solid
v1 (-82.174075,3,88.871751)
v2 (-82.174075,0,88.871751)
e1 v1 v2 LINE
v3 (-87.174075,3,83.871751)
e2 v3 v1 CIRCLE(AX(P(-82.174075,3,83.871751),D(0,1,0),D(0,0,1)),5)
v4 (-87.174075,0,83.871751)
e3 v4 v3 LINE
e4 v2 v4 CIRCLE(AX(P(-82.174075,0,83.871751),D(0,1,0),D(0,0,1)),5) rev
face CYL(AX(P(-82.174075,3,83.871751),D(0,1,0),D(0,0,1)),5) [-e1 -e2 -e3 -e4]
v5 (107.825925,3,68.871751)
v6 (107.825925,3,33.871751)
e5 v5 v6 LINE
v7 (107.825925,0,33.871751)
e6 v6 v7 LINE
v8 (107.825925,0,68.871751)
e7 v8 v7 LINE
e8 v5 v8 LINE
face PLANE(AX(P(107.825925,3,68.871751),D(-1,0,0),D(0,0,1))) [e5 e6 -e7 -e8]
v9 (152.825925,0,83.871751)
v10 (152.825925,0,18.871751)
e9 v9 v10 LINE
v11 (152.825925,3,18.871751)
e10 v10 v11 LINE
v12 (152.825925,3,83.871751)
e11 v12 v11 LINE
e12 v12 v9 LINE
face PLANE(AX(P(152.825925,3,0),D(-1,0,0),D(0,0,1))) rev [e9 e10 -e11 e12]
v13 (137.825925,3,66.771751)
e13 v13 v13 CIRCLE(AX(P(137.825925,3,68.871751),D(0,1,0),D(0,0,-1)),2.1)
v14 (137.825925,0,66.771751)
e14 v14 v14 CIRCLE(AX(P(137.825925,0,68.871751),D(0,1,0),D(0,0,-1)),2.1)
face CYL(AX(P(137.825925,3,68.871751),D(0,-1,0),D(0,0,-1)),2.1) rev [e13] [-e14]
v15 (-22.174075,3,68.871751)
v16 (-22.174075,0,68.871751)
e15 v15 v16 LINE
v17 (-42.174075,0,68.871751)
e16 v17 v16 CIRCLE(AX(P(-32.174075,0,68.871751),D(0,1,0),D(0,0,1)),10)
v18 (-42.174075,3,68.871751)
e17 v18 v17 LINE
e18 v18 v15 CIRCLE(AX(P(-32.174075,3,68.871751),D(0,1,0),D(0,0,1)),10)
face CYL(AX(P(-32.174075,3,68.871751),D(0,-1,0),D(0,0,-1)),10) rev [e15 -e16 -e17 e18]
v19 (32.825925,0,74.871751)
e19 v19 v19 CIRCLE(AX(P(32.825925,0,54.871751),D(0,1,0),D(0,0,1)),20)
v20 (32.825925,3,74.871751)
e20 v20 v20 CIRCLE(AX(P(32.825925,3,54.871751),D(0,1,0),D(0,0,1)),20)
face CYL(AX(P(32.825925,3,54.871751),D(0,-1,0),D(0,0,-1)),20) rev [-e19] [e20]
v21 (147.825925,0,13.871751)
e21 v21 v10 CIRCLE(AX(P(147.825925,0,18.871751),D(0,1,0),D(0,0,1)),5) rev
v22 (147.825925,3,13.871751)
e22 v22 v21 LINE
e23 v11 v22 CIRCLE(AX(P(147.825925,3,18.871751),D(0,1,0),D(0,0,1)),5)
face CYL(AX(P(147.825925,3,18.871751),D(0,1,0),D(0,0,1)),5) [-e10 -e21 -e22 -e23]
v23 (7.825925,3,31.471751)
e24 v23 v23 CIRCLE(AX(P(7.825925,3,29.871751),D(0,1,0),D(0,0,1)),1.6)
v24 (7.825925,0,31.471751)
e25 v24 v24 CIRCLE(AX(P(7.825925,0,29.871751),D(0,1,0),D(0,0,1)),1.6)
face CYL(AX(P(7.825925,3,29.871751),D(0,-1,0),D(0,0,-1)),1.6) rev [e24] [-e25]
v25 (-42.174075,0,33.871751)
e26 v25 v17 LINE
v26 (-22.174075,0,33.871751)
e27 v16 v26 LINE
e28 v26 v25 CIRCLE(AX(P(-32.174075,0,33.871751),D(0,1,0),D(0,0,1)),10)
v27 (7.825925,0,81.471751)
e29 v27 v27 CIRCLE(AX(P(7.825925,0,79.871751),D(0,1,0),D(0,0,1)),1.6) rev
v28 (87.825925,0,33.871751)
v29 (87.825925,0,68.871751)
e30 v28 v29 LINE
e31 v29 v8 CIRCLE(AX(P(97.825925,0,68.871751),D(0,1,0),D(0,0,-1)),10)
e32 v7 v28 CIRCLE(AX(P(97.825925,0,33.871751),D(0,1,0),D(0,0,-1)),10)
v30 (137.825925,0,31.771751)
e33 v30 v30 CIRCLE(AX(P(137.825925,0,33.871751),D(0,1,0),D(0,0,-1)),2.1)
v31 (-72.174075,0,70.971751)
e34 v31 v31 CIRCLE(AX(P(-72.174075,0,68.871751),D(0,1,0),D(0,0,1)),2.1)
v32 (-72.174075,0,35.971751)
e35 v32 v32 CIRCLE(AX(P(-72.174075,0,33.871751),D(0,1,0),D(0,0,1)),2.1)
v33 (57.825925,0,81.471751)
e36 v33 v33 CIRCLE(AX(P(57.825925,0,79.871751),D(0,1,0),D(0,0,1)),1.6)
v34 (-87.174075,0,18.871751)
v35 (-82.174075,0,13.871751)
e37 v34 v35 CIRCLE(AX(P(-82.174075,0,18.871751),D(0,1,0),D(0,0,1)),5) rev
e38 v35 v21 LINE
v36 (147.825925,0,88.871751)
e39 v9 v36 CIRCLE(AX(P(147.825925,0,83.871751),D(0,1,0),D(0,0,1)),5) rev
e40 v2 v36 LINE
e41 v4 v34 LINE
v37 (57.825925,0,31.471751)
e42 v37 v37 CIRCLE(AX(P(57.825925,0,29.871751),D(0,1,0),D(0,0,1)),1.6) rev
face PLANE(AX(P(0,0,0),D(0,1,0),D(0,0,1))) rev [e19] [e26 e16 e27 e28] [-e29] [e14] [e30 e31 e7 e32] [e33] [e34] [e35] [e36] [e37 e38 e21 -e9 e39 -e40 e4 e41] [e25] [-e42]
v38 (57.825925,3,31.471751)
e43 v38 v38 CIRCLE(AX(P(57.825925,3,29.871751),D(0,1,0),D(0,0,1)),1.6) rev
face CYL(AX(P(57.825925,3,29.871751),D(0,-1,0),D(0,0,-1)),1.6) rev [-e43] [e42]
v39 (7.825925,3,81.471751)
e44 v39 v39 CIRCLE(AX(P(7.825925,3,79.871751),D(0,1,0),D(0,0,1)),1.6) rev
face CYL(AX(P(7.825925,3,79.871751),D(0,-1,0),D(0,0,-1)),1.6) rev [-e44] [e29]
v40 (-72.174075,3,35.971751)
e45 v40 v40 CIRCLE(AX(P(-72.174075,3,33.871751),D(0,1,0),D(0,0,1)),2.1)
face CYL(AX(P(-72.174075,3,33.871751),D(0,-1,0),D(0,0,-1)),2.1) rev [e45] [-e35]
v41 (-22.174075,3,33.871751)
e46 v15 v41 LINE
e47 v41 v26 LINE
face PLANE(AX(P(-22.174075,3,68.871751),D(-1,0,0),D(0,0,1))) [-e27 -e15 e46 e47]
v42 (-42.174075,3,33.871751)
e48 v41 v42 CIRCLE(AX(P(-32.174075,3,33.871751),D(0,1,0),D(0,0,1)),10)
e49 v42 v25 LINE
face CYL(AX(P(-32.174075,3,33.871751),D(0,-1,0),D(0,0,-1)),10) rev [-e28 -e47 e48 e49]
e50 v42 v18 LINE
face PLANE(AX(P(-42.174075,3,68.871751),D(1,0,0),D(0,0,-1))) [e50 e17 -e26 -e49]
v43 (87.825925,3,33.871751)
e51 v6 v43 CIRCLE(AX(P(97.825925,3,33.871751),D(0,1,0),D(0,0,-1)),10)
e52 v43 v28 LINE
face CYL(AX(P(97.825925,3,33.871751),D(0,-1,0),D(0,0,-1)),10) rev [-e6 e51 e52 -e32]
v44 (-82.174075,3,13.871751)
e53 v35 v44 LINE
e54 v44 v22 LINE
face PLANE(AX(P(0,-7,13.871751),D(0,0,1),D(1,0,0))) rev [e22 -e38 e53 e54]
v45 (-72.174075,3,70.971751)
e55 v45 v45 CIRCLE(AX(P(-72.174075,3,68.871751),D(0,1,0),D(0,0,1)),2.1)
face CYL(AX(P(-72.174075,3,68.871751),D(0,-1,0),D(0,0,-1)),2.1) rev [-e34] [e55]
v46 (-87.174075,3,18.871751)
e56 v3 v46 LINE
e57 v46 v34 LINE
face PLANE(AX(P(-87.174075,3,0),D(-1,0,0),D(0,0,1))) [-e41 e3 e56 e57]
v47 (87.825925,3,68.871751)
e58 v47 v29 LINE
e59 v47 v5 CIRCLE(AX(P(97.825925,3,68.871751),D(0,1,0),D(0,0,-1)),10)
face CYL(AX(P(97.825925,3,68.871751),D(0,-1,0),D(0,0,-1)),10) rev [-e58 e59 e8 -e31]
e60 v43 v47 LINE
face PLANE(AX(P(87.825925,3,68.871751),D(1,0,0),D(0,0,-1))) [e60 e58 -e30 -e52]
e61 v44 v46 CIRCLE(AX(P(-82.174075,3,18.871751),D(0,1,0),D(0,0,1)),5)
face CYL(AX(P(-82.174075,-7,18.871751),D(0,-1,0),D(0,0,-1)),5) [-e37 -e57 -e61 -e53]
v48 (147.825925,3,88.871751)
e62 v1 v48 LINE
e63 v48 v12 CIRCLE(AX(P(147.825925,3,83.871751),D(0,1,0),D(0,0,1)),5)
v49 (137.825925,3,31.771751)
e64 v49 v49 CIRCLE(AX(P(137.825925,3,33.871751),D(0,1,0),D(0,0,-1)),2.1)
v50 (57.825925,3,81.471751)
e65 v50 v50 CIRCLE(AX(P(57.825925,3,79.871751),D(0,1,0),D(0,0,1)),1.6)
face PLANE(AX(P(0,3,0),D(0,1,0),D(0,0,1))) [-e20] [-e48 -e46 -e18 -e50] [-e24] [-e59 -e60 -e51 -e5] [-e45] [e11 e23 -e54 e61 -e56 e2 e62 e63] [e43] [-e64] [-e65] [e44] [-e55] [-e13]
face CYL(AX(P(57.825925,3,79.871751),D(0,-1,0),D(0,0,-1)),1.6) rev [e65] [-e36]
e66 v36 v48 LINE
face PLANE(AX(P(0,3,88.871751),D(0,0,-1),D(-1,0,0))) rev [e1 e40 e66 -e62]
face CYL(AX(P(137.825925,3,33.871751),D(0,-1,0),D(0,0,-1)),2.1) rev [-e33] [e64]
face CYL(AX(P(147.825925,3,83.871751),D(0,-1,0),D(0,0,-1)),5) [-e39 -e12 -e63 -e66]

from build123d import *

# Parameters (mm, degrees)
SKETCH_1_W          = 400
SKETCH_1_H          = 60
SKETCH_1_R          = 1.6
SKETCH_1_W_2        = 21
SKETCH_1_H_2        = 21
SKETCH_1_W_3        = 240
SKETCH_1_H_3        = 75
SKETCH_1_R_2        = 20
EXTRUDE_1484_DEPTH  = 3
SKETCH_2_R          = 2.05
SKETCH_2_R_2        = 2.1
CUT_EXTRUDE_1_DEPTH = 250.229009796
FILLET_1_R          = 5
SKETCH1_R           = 2.1
CUT_EXTRUDE4_DEPTH  = 250.229009796
CUT_EXTRUDE_2_DEPTH = 10
FILLET_2_R          = 5


with BuildPart() as part:
    # 草图1 → Extrude 1484 (new body)
    # profile 1 of 2: a face of its own
    with BuildSketch(Plane(origin=(0, 0, 0), x_dir=(1, 0, 0), z_dir=(0, 1, 0))):
        with Locations((32.825924772, 16.128249268)):
            Rectangle(SKETCH_1_W, SKETCH_1_H)
        with Locations(Location((-14.674075228, 36.128249268, 0), (0, 0, 270))):
            Circle(SKETCH_1_R, mode=Mode.SUBTRACT)
        with Locations(Location((-14.674075228, 11.128249268, 0), (0, 0, 270))):
            Circle(SKETCH_1_R, mode=Mode.SUBTRACT)
        with Locations(Location((80.325924772, 11.128249268, 0), (0, 0, 270))):
            Circle(SKETCH_1_R, mode=Mode.SUBTRACT)
        with Locations(Location((80.325924772, 36.128249268, 0), (0, 0, 270))):
            Circle(SKETCH_1_R, mode=Mode.SUBTRACT)
        with Locations((32.825924772, 10.628249268)):
            Rectangle(SKETCH_1_W_2, SKETCH_1_H_2, mode=Mode.SUBTRACT)
    # profile 2 of 2: a face of its own
    with BuildSketch(Plane(origin=(0, 0, 0), x_dir=(1, 0, 0), z_dir=(0, 1, 0))):
        with Locations((32.825924772, -51.371750732)):
            Rectangle(SKETCH_1_W_3, SKETCH_1_H_3)
        with Locations(Location((7.825924772, -29.871750732, 0), (0, 0, 270))):
            Circle(SKETCH_1_R, mode=Mode.SUBTRACT)
        with Locations(Location((7.825924772, -79.871750732, 0), (0, 0, 270))):
            Circle(SKETCH_1_R, mode=Mode.SUBTRACT)
        with Locations(Location((57.825924772, -79.871750732, 0), (0, 0, 270))):
            Circle(SKETCH_1_R, mode=Mode.SUBTRACT)
        with Locations(Location((57.825924772, -29.871750732, 0), (0, 0, 270))):
            Circle(SKETCH_1_R, mode=Mode.SUBTRACT)
        with Locations(Location((32.825924772, -54.871750732, 0), (0, 0, 270))):
            Circle(SKETCH_1_R_2, mode=Mode.SUBTRACT)
    extrude(amount=EXTRUDE_1484_DEPTH)

    # 草图2 → 切除-拉伸1 (cut, through all)
    with BuildSketch(Plane(origin=(0, 3, 0), x_dir=(1, 0, 0), z_dir=(0, 1, 0))):
        with Locations(Location((-149.174075228, 29.628249268, 0), (0, 0, 270))):
            Circle(SKETCH_2_R)
        with Locations(Location((-149.174075228, 2.628249268, 0), (0, 0, 270))):
            Circle(SKETCH_2_R)
        with Locations(Location((-121.674075228, 29.628249268, 0), (0, 0, 270))):
            Circle(SKETCH_2_R)
        with Locations(Location((-121.674075228, 2.628249268, 0), (0, 0, 90))):
            Circle(SKETCH_2_R)
        with Locations(Location((-51.674075228, 41.128249268, 0), (0, 0, 270))):
            Circle(SKETCH_2_R_2)
        with Locations(Location((-86.674075228, 41.128249268, 0), (0, 0, 270))):
            Circle(SKETCH_2_R_2)
        with Locations(Location((-51.674075228, -8.871750732, 0), (0, 0, 90))):
            Circle(SKETCH_2_R_2)
        with Locations(Location((-86.674075228, -8.871750732, 0), (0, 0, 90))):
            Circle(SKETCH_2_R_2)
        with Locations(Location((-135.424075228, 41.128249268, 0), (0, 0, 270))):
            Circle(SKETCH_2_R_2)
        with Locations(Location((-135.424075228, -8.871750732, 0), (0, 0, 90))):
            Circle(SKETCH_2_R_2)
        with Locations(Location((201.075924772, -8.871750732, 0), (0, 0, 270))):
            Circle(SKETCH_2_R_2)
        with Locations(Location((201.075924772, 41.128249268, 0), (0, 0, 90))):
            Circle(SKETCH_2_R_2)
        with Locations(Location((152.325924772, -8.871750732, 0), (0, 0, 270))):
            Circle(SKETCH_2_R_2)
        with Locations(Location((117.325924772, -8.871750732, 0), (0, 0, 270))):
            Circle(SKETCH_2_R_2)
        with Locations(Location((152.325924772, 41.128249268, 0), (0, 0, 90))):
            Circle(SKETCH_2_R_2)
        with Locations(Location((117.325924772, 41.128249268, 0), (0, 0, 90))):
            Circle(SKETCH_2_R_2)
        with Locations(Location((187.325924772, 2.628249268, 0), (0, 0, 270))):
            Circle(SKETCH_2_R)
        with Locations(Location((187.325924772, 29.628249268, 0), (0, 0, 90))):
            Circle(SKETCH_2_R)
        with Locations(Location((214.825924772, 2.628249268, 0), (0, 0, 90))):
            Circle(SKETCH_2_R)
        with Locations(Location((214.825924772, 29.628249268, 0), (0, 0, 90))):
            Circle(SKETCH_2_R)
    extrude(amount=-CUT_EXTRUDE_1_DEPTH, mode=Mode.SUBTRACT)

    # 圆角1
    fillet_1_edges = [part.edges().sort_by_distance(p)[0] for p in [
        (-167.174075228, 1.5, 13.871750732),
        (-167.174075228, 1.5, -46.128249268),
        (232.825924772, 1.5, -46.128249268),
        (232.825924772, 1.5, 13.871750732),
        (152.825924772, 1.5, 13.871750732),
        (152.825924772, 1.5, 88.871750732),
        (-87.174075228, 1.5, 88.871750732),
        (-87.174075228, 1.5, 13.871750732),
    ]]
    fillet(fillet_1_edges, radius=FILLET_1_R)

    # Sketch1 → Cut-Extrude4 (cut, through all)
    with BuildSketch(Plane(origin=(0, 0, 0), x_dir=(1, 0, 0), z_dir=(0, 1, 0))):
        with Locations(Location((-72.174075228, -33.871750732, 0), (0, 0, 270))):
            Circle(SKETCH1_R)
        with Locations(Location((-72.174075228, -68.871750732, 0), (0, 0, 270))):
            Circle(SKETCH1_R)
        with Locations(Location((137.825924772, -68.871750732, 0), (0, 0, 90))):
            Circle(SKETCH1_R)
        with Locations(Location((137.825924772, -33.871750732, 0), (0, 0, 90))):
            Circle(SKETCH1_R)
        with BuildLine():
            Line((-42.174075228, -68.871750732), (-42.174075228, -33.871750732))
            ThreePointArc((-42.174075228, -33.871750732), (-32.174075228, -23.871750732), (-22.174075228, -33.871750732))
            Line((-22.174075228, -33.871750732), (-22.174075228, -68.871750732))
            ThreePointArc((-22.174075228, -68.871750732), (-32.174075228, -78.871750732), (-42.174075228, -68.871750732))
        make_face()
        with BuildLine():
            Line((107.825924772, -68.871750732), (107.825924772, -33.871750732))
            ThreePointArc((107.825924772, -33.871750732), (97.825924772, -23.871750732), (87.825924772, -33.871750732))
            Line((87.825924772, -33.871750732), (87.825924772, -68.871750732))
            ThreePointArc((87.825924772, -68.871750732), (97.825924772, -78.871750732), (107.825924772, -68.871750732))
        make_face()
    extrude(amount=CUT_EXTRUDE4_DEPTH, mode=Mode.SUBTRACT)

    # 草图3 → 切除-拉伸2 (cut)
    with BuildSketch(Plane(origin=(0, 3, 0), x_dir=(1, 0, 0), z_dir=(0, 1, 0))):
        with BuildLine():
            Line((227.825924772, 46.128249268), (-162.174075228, 46.128249268))
            ThreePointArc((-162.174075228, 46.128249268), (-165.709609134, 44.663783174), (-167.174075228, 41.128249268))
            Line((-167.174075228, 41.128249268), (-167.174075228, -8.871750732))
            ThreePointArc((-167.174075228, -8.871750732), (-165.709609134, -12.407284637), (-162.174075228, -13.871750732))
            Line((-162.174075228, -13.871750732), (-92.174075228, -13.871750732))
            Line((-92.174075228, -13.871750732), (157.825924772, -13.871750732))
            Line((157.825924772, -13.871750732), (227.825924772, -13.871750732))
            ThreePointArc((227.825924772, -13.871750732), (231.361458678, -12.407284637), (232.825924772, -8.871750732))
            Line((232.825924772, -8.871750732), (232.825924772, 41.128249268))
            ThreePointArc((232.825924772, 41.128249268), (231.361458678, 44.663783174), (227.825924772, 46.128249268))
        make_face()
        with BuildLine():
            Line((-87.174075228, -13.871750732), (-92.174075228, -13.871750732))
            ThreePointArc((-92.174075228, -13.871750732), (-88.638541322, -15.336216826), (-87.174075228, -18.871750732))
            Line((-87.174075228, -18.871750732), (-87.174075228, -13.871750732))
        make_face()
        with BuildLine():
            Line((157.825924772, -13.871750732), (152.825924772, -13.871750732))
            Line((152.825924772, -13.871750732), (152.825924772, -18.871750732))
            ThreePointArc((152.825924772, -18.871750732), (154.290390866, -15.336216826), (157.825924772, -13.871750732))
        make_face()
    extrude(amount=-CUT_EXTRUDE_2_DEPTH, mode=Mode.SUBTRACT)

    # 圆角2
    fillet_2_edges = [part.edges().sort_by_distance(p)[0] for p in [
        (152.825924772, 1.5, 13.871750732),
        (-87.174075228, 1.5, 13.871750732),
    ]]
    fillet(fillet_2_edges, radius=FILLET_2_R)


solid = part.part
